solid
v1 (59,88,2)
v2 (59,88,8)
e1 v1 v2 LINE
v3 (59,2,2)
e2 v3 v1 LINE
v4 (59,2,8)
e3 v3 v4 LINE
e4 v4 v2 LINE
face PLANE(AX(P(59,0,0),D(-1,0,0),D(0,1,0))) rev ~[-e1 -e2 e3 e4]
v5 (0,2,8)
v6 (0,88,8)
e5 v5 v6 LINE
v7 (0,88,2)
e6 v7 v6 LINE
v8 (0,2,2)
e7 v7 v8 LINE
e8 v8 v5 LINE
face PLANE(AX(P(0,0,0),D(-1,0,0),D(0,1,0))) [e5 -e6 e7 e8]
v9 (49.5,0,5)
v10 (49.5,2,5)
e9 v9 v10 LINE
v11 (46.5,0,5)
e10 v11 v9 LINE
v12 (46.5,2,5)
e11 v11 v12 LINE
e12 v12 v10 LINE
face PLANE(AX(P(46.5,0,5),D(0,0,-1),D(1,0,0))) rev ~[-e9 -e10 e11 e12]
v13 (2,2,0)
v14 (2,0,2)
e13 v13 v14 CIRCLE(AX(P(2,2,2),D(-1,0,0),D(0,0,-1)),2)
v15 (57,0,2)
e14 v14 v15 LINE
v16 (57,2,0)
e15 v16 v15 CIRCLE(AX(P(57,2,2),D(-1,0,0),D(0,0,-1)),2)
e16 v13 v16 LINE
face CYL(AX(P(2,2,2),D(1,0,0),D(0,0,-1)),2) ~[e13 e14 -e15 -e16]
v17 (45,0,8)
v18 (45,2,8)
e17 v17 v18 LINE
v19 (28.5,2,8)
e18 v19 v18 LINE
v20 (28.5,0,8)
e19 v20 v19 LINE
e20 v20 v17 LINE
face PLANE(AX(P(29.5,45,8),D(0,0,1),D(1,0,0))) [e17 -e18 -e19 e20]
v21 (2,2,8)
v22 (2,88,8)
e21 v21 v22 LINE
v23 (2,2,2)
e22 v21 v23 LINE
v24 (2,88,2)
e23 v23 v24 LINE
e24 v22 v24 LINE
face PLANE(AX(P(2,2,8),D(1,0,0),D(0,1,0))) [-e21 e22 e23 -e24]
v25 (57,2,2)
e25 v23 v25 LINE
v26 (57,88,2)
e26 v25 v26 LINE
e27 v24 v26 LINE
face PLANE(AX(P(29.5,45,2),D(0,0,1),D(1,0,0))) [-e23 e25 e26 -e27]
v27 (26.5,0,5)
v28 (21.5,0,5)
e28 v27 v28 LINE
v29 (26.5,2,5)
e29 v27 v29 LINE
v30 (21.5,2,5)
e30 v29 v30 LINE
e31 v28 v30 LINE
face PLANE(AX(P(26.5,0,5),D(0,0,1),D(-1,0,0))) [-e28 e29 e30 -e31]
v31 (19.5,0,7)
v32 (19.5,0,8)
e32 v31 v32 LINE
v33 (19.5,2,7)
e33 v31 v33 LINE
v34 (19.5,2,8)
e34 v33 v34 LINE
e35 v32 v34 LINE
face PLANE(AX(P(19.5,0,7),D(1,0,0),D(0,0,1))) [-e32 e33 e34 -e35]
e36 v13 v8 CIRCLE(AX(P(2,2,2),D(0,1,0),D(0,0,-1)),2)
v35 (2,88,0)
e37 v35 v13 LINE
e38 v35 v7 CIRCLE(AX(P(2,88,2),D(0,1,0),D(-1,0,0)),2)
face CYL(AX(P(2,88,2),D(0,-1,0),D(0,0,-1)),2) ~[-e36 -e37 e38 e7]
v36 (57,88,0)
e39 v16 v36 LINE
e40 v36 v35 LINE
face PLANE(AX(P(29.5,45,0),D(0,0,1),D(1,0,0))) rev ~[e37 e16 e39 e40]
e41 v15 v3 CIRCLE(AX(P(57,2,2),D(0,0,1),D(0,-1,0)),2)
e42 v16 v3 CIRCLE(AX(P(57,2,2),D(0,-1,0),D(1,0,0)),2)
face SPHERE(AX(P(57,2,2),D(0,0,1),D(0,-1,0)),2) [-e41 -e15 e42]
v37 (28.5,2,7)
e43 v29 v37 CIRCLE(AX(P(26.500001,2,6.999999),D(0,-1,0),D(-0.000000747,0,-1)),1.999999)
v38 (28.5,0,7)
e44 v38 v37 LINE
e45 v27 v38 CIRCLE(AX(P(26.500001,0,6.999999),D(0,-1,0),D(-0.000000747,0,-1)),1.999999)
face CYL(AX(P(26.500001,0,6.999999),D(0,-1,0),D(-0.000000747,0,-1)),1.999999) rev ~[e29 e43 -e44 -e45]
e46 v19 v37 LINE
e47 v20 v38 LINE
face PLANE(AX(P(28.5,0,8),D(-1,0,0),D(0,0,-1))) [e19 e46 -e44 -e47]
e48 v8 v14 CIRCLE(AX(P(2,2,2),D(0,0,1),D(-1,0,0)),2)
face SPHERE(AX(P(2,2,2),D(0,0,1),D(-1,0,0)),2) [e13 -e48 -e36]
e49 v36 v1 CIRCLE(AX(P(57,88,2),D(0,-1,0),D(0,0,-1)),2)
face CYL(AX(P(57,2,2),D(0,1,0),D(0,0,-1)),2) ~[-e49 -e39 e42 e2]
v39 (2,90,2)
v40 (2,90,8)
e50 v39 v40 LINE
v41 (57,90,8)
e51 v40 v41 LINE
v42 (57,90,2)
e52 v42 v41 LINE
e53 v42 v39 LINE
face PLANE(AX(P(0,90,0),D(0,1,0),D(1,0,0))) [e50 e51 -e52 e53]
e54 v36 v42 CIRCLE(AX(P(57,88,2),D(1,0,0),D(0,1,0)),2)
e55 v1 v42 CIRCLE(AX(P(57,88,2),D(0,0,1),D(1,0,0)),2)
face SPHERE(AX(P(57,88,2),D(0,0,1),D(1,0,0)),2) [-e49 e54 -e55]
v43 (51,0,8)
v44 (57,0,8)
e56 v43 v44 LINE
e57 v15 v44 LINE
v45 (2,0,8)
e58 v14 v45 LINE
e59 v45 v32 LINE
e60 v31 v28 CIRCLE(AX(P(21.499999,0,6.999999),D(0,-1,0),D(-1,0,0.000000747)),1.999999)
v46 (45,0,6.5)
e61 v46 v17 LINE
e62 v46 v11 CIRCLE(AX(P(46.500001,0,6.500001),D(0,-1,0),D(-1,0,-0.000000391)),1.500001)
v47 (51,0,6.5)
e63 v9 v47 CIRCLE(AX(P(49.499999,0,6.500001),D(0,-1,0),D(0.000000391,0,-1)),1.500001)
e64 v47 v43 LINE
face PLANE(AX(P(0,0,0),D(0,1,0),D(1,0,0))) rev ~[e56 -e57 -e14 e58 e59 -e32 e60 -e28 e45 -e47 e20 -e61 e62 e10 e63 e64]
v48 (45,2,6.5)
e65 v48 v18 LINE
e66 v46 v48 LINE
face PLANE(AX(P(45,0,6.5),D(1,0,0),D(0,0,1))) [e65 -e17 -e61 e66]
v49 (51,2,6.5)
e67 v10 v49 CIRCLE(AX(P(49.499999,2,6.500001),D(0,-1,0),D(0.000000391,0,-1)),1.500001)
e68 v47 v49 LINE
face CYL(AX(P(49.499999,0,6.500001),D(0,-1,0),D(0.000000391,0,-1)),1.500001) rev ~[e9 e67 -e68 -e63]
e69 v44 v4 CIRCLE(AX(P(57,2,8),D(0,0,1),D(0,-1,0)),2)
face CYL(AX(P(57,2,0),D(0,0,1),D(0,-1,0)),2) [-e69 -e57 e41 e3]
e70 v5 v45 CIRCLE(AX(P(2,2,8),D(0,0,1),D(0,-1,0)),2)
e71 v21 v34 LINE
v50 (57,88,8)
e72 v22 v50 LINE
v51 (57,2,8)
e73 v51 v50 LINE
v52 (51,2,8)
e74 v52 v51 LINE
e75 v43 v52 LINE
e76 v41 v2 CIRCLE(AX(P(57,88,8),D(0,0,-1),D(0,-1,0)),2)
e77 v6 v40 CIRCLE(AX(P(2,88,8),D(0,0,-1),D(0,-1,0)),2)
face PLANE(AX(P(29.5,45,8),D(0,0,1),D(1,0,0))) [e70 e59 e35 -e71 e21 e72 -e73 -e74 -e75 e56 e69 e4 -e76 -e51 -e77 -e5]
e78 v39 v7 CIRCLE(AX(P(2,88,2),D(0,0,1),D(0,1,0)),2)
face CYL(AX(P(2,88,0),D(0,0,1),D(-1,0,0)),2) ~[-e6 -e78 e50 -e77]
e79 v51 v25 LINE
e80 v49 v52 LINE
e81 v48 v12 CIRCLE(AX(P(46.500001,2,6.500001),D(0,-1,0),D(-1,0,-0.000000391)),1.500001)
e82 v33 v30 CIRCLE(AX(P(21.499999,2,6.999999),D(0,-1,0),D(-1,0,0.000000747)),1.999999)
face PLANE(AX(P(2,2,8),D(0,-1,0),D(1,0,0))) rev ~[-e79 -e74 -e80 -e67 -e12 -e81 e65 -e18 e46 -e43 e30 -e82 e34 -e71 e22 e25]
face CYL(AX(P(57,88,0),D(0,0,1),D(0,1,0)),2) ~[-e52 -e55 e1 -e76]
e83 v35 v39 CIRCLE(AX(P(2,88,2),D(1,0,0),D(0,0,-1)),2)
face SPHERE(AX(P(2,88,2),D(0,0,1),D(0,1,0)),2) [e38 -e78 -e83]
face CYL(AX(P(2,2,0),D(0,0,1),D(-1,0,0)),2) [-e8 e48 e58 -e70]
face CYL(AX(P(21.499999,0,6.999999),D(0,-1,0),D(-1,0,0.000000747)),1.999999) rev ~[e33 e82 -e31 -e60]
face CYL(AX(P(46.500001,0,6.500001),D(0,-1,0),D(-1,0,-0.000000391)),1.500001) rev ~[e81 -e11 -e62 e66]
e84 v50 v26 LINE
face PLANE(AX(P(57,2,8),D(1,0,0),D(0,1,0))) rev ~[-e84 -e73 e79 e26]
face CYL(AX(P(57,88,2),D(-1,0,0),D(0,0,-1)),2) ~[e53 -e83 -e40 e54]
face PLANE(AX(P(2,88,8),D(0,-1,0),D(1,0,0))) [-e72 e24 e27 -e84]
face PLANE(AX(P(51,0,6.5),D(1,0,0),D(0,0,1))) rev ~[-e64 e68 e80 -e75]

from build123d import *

# Parameters (mm, degrees)
BOX_W           = 59
BOX_H           = 90
BOX_DEPTH       = 8
SKETCH_W        = 55
SKETCH_H        = 86
POCKET_DEPTH    = 6
POCKET001_DEPTH = 2
FILLET_R        = 2
FILLET002_R     = 2


with BuildPart() as part:
    # Box → Box (join)
    with BuildSketch(Plane.XY):
        with Locations((29.5, 45)):
            Rectangle(BOX_W, BOX_H)
    extrude(amount=BOX_DEPTH)

    # Sketch (on Face6 of Box) → Pocket (cut)
    with BuildSketch(Plane.XY.offset(8)):
        with Locations((29.5, 45)):
            Rectangle(SKETCH_W, SKETCH_H)
    extrude(amount=-POCKET_DEPTH, mode=Mode.SUBTRACT)

    # Sketch001 (on Face2 of Pocket) → Pocket001 (cut)
    with BuildSketch(Plane.XZ):
        with BuildLine():
            Line((28.5, 8), (28.5, 7))
            ThreePointArc((26.5, 5), (27.914214, 5.585786), (28.5, 7))
            Line((26.5, 5), (21.5, 5))
            ThreePointArc((19.5, 7), (20.085786, 5.585786), (21.5, 5))
            Line((19.5, 7), (19.5, 8))
            Line((19.5, 8), (28.5, 8))
        make_face()
        with BuildLine():
            ThreePointArc((45, 6.5), (45.43934, 5.43934), (46.5, 5))
            Line((46.5, 5), (49.5, 5))
            ThreePointArc((49.5, 5), (50.56066, 5.43934), (51, 6.5))
            Line((51, 6.5), (51, 8))
            Line((45, 8), (51, 8))
            Line((45, 6.5), (45, 8))
        make_face()
    extrude(amount=-POCKET001_DEPTH, mode=Mode.SUBTRACT)

    # Fillet
    fillet_edges = [part.edges().sort_by_distance(p)[0] for p in [
        (59, 90, 4),
        (0, 90, 4),
        (0, 0, 4),
        (59, 0, 4),
    ]]
    fillet(fillet_edges, radius=FILLET_R)

    # Fillet002
    fillet002_edges = [part.edges().sort_by_distance(p)[0] for p in [
        (29.5, 0, 0),
    ]]
    fillet(fillet002_edges, radius=FILLET002_R)


solid = part.part
